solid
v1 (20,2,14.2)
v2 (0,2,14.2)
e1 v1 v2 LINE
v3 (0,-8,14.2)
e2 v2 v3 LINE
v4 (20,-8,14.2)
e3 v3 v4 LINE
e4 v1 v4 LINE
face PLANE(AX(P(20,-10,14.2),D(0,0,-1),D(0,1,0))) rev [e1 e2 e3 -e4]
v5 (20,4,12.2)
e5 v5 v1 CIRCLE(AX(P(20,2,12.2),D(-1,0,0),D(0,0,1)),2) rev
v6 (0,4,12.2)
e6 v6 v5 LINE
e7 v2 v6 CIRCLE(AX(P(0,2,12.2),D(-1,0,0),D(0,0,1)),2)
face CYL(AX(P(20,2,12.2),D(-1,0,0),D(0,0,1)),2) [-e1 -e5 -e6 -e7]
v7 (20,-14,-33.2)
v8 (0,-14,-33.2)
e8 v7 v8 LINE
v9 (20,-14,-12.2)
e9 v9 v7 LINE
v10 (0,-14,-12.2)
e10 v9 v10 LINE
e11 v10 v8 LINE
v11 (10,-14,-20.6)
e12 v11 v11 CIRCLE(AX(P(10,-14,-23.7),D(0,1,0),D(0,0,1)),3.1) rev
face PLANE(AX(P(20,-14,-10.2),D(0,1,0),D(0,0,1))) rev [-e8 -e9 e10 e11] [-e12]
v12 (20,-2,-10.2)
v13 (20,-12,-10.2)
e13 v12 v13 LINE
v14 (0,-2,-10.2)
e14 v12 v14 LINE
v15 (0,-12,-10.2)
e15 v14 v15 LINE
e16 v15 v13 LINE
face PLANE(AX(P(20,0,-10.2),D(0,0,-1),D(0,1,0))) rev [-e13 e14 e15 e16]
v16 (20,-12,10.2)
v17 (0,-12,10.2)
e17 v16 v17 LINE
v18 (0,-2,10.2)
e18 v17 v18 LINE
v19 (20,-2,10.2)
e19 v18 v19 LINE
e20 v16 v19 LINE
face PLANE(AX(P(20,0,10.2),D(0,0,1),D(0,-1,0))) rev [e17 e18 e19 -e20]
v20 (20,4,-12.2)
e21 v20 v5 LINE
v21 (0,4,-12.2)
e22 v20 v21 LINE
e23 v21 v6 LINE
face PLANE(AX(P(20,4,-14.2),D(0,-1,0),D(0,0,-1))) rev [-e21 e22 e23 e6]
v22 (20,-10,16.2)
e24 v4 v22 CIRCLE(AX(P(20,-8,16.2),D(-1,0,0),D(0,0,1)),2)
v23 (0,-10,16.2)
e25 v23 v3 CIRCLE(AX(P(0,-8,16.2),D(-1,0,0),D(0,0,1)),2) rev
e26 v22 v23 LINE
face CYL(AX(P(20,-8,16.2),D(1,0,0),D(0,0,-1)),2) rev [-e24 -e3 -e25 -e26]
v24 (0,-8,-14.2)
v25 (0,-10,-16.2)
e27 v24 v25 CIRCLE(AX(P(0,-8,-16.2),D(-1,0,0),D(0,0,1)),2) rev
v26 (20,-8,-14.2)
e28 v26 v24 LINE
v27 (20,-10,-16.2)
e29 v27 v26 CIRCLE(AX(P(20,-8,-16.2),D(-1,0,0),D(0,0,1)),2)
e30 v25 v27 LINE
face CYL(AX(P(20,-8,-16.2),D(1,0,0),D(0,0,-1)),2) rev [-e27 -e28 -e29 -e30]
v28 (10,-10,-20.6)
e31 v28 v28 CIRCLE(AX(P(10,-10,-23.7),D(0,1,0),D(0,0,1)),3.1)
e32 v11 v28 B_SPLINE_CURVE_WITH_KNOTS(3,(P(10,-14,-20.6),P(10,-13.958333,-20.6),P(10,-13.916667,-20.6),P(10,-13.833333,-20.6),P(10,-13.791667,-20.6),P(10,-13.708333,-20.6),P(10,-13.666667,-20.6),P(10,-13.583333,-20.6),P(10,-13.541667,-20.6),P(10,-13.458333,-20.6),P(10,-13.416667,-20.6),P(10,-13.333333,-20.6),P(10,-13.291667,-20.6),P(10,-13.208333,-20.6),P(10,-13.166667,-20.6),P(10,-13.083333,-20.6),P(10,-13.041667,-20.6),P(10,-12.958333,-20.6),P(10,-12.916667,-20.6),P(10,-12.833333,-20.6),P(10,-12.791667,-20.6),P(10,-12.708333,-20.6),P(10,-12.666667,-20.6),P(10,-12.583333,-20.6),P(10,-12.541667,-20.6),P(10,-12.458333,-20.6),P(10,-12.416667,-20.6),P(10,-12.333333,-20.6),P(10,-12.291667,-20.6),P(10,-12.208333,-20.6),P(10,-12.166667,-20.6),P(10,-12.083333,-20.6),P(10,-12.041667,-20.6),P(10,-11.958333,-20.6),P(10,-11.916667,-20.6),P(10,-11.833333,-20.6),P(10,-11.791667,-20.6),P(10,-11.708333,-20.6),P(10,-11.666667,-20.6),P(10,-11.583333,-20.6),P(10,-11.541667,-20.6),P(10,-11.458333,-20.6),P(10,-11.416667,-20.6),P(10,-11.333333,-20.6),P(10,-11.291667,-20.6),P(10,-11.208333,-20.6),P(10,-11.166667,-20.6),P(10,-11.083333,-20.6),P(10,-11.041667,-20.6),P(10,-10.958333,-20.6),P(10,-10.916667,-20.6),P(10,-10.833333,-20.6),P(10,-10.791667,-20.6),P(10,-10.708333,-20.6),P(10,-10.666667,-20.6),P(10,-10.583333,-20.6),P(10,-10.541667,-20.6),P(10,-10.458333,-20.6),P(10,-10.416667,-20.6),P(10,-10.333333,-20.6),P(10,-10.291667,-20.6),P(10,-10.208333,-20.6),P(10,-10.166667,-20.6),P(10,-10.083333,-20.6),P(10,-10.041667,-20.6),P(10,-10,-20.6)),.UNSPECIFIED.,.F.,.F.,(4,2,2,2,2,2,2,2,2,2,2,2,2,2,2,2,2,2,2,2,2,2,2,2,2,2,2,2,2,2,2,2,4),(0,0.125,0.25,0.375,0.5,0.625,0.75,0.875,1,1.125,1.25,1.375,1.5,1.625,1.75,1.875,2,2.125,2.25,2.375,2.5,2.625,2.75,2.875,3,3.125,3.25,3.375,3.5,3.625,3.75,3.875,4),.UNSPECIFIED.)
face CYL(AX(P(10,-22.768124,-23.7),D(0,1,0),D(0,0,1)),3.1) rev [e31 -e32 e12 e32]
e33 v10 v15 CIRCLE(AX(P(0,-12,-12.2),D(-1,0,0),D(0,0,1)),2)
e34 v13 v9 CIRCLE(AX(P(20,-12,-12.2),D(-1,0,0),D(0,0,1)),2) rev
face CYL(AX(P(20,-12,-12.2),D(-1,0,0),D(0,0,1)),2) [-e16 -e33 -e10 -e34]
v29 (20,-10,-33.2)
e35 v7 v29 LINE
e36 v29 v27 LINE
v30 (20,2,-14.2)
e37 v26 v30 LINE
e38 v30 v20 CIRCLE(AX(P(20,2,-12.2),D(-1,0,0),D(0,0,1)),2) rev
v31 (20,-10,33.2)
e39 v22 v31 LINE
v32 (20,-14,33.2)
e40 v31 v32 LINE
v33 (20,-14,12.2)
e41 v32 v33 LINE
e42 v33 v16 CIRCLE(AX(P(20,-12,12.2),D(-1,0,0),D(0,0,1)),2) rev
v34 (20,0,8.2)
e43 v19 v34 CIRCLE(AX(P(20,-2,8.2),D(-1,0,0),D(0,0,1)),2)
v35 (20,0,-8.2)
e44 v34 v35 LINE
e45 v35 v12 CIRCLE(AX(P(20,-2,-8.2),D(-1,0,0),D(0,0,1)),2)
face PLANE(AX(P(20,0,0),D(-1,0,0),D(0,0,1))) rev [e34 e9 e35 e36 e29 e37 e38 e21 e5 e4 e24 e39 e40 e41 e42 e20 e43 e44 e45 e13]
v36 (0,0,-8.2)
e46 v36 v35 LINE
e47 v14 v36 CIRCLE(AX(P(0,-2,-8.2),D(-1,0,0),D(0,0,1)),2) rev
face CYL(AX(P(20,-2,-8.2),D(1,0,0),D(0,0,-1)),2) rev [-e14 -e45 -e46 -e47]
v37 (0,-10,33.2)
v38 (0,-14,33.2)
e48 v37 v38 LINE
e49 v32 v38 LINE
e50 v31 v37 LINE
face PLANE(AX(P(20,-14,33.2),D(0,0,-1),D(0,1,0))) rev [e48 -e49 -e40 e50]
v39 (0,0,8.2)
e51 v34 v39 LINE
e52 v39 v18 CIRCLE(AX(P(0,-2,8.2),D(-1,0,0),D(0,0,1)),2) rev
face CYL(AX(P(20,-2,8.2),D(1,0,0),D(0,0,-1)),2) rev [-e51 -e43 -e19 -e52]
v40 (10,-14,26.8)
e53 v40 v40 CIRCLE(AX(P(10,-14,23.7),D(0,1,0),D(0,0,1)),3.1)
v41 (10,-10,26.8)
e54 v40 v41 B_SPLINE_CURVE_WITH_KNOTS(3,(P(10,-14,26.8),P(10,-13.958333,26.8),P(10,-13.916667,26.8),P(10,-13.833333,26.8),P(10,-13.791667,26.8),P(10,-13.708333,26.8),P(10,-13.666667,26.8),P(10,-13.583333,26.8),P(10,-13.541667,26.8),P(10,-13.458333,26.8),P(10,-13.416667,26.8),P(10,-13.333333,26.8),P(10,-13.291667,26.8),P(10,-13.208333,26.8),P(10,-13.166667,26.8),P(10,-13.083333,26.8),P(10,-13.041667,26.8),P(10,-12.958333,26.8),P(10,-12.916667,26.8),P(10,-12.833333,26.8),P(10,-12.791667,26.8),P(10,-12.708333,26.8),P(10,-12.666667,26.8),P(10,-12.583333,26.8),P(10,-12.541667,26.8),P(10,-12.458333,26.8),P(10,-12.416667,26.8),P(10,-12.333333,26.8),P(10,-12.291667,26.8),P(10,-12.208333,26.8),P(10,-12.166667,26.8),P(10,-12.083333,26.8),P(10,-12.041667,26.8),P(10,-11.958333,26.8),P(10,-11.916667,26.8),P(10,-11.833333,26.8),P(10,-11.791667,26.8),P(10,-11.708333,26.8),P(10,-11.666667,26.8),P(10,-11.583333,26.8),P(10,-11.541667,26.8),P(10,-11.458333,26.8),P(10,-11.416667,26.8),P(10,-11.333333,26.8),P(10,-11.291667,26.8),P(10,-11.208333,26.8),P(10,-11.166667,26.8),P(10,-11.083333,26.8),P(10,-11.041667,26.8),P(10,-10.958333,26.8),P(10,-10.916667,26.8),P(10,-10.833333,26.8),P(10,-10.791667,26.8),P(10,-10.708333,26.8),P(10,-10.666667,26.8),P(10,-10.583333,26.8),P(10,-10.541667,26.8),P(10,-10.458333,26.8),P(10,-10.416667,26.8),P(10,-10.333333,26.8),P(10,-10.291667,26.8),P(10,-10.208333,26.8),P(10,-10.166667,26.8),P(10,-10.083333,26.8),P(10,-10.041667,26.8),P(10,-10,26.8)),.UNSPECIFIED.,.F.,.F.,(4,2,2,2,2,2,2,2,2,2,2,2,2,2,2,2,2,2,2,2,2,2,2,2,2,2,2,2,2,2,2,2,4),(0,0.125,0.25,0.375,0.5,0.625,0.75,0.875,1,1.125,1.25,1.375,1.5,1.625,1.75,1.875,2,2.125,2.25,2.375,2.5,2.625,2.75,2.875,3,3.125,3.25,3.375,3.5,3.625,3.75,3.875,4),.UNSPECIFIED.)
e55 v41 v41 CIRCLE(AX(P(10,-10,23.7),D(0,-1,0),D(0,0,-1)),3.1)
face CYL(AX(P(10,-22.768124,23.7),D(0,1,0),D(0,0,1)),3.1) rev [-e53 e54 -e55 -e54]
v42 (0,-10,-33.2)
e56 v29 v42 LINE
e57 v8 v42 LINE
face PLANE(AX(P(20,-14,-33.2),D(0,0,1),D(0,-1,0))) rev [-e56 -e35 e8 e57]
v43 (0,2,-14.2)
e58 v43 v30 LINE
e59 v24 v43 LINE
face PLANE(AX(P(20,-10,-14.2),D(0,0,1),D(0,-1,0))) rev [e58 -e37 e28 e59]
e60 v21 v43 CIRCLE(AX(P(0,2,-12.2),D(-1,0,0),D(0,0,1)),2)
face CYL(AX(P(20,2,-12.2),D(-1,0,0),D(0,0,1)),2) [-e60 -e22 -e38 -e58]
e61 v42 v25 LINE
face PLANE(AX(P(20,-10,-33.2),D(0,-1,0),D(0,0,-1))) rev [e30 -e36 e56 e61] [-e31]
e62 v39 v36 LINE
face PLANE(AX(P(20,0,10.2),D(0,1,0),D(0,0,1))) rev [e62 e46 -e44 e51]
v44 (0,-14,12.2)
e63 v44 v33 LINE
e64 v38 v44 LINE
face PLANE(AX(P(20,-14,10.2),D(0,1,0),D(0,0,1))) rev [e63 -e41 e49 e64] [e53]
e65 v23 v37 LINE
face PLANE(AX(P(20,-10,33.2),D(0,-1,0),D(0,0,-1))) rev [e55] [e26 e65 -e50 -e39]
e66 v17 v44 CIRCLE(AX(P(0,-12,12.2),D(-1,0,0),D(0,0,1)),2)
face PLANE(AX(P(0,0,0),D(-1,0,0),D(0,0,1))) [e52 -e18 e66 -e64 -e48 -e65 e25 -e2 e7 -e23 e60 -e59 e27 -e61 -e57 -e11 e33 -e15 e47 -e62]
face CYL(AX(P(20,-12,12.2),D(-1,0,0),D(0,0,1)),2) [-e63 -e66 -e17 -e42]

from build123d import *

# Parameters (mm, degrees)
BOSS_EXTRUDE1_DEPTH = 20
SKETCH2_R           = 3.1
CUT_EXTRUDE1_DEPTH  = 4
FILLET1_R           = 2


with BuildPart() as part:
    # Sketch1 → Boss-Extrude1 (new body)
    with BuildSketch(Plane(origin=(0, 0, 0), x_dir=(0, 0, -1), z_dir=(1, 0, 0))):
        Polygon((-10.2, 0), (10.2, 0), (10.2, -14), (33.2, -14), (33.2, -10), (14.2, -10), (14.2, 4), (-14.2, 4), (-14.2, -10), (-33.2, -10), (-33.2, -14), (-10.2, -14), align=None)
    extrude(amount=BOSS_EXTRUDE1_DEPTH)

    # Sketch2 → Cut-Extrude1 (cut)
    with BuildSketch(Plane(origin=(0, -10, 0), x_dir=(1, 0, 0), z_dir=(0, 1, 0))):
        with Locations(Location((10, 23.7, 0), (0, 0, 270))):
            Circle(SKETCH2_R)
    cut_extrude1 = extrude(amount=-CUT_EXTRUDE1_DEPTH, mode=Mode.SUBTRACT)

    # Mirror1: Cut-Extrude1 across plane
    add(cut_extrude1.mirror(Plane.XY), mode=Mode.SUBTRACT)

    # Fillet1
    fillet1_edges = [part.edges().sort_by_distance(p)[0] for p in [
        (10, -14, 10.2),
        (10, -10, 14.2),
        (10, 4, 14.2),
        (10, 4, -14.2),
        (10, -10, -14.2),
        (10, -14, -10.2),
        (10, 0, -10.2),
        (10, 0, 10.2),
    ]]
    fillet(fillet1_edges, radius=FILLET1_R)


solid = part.part
